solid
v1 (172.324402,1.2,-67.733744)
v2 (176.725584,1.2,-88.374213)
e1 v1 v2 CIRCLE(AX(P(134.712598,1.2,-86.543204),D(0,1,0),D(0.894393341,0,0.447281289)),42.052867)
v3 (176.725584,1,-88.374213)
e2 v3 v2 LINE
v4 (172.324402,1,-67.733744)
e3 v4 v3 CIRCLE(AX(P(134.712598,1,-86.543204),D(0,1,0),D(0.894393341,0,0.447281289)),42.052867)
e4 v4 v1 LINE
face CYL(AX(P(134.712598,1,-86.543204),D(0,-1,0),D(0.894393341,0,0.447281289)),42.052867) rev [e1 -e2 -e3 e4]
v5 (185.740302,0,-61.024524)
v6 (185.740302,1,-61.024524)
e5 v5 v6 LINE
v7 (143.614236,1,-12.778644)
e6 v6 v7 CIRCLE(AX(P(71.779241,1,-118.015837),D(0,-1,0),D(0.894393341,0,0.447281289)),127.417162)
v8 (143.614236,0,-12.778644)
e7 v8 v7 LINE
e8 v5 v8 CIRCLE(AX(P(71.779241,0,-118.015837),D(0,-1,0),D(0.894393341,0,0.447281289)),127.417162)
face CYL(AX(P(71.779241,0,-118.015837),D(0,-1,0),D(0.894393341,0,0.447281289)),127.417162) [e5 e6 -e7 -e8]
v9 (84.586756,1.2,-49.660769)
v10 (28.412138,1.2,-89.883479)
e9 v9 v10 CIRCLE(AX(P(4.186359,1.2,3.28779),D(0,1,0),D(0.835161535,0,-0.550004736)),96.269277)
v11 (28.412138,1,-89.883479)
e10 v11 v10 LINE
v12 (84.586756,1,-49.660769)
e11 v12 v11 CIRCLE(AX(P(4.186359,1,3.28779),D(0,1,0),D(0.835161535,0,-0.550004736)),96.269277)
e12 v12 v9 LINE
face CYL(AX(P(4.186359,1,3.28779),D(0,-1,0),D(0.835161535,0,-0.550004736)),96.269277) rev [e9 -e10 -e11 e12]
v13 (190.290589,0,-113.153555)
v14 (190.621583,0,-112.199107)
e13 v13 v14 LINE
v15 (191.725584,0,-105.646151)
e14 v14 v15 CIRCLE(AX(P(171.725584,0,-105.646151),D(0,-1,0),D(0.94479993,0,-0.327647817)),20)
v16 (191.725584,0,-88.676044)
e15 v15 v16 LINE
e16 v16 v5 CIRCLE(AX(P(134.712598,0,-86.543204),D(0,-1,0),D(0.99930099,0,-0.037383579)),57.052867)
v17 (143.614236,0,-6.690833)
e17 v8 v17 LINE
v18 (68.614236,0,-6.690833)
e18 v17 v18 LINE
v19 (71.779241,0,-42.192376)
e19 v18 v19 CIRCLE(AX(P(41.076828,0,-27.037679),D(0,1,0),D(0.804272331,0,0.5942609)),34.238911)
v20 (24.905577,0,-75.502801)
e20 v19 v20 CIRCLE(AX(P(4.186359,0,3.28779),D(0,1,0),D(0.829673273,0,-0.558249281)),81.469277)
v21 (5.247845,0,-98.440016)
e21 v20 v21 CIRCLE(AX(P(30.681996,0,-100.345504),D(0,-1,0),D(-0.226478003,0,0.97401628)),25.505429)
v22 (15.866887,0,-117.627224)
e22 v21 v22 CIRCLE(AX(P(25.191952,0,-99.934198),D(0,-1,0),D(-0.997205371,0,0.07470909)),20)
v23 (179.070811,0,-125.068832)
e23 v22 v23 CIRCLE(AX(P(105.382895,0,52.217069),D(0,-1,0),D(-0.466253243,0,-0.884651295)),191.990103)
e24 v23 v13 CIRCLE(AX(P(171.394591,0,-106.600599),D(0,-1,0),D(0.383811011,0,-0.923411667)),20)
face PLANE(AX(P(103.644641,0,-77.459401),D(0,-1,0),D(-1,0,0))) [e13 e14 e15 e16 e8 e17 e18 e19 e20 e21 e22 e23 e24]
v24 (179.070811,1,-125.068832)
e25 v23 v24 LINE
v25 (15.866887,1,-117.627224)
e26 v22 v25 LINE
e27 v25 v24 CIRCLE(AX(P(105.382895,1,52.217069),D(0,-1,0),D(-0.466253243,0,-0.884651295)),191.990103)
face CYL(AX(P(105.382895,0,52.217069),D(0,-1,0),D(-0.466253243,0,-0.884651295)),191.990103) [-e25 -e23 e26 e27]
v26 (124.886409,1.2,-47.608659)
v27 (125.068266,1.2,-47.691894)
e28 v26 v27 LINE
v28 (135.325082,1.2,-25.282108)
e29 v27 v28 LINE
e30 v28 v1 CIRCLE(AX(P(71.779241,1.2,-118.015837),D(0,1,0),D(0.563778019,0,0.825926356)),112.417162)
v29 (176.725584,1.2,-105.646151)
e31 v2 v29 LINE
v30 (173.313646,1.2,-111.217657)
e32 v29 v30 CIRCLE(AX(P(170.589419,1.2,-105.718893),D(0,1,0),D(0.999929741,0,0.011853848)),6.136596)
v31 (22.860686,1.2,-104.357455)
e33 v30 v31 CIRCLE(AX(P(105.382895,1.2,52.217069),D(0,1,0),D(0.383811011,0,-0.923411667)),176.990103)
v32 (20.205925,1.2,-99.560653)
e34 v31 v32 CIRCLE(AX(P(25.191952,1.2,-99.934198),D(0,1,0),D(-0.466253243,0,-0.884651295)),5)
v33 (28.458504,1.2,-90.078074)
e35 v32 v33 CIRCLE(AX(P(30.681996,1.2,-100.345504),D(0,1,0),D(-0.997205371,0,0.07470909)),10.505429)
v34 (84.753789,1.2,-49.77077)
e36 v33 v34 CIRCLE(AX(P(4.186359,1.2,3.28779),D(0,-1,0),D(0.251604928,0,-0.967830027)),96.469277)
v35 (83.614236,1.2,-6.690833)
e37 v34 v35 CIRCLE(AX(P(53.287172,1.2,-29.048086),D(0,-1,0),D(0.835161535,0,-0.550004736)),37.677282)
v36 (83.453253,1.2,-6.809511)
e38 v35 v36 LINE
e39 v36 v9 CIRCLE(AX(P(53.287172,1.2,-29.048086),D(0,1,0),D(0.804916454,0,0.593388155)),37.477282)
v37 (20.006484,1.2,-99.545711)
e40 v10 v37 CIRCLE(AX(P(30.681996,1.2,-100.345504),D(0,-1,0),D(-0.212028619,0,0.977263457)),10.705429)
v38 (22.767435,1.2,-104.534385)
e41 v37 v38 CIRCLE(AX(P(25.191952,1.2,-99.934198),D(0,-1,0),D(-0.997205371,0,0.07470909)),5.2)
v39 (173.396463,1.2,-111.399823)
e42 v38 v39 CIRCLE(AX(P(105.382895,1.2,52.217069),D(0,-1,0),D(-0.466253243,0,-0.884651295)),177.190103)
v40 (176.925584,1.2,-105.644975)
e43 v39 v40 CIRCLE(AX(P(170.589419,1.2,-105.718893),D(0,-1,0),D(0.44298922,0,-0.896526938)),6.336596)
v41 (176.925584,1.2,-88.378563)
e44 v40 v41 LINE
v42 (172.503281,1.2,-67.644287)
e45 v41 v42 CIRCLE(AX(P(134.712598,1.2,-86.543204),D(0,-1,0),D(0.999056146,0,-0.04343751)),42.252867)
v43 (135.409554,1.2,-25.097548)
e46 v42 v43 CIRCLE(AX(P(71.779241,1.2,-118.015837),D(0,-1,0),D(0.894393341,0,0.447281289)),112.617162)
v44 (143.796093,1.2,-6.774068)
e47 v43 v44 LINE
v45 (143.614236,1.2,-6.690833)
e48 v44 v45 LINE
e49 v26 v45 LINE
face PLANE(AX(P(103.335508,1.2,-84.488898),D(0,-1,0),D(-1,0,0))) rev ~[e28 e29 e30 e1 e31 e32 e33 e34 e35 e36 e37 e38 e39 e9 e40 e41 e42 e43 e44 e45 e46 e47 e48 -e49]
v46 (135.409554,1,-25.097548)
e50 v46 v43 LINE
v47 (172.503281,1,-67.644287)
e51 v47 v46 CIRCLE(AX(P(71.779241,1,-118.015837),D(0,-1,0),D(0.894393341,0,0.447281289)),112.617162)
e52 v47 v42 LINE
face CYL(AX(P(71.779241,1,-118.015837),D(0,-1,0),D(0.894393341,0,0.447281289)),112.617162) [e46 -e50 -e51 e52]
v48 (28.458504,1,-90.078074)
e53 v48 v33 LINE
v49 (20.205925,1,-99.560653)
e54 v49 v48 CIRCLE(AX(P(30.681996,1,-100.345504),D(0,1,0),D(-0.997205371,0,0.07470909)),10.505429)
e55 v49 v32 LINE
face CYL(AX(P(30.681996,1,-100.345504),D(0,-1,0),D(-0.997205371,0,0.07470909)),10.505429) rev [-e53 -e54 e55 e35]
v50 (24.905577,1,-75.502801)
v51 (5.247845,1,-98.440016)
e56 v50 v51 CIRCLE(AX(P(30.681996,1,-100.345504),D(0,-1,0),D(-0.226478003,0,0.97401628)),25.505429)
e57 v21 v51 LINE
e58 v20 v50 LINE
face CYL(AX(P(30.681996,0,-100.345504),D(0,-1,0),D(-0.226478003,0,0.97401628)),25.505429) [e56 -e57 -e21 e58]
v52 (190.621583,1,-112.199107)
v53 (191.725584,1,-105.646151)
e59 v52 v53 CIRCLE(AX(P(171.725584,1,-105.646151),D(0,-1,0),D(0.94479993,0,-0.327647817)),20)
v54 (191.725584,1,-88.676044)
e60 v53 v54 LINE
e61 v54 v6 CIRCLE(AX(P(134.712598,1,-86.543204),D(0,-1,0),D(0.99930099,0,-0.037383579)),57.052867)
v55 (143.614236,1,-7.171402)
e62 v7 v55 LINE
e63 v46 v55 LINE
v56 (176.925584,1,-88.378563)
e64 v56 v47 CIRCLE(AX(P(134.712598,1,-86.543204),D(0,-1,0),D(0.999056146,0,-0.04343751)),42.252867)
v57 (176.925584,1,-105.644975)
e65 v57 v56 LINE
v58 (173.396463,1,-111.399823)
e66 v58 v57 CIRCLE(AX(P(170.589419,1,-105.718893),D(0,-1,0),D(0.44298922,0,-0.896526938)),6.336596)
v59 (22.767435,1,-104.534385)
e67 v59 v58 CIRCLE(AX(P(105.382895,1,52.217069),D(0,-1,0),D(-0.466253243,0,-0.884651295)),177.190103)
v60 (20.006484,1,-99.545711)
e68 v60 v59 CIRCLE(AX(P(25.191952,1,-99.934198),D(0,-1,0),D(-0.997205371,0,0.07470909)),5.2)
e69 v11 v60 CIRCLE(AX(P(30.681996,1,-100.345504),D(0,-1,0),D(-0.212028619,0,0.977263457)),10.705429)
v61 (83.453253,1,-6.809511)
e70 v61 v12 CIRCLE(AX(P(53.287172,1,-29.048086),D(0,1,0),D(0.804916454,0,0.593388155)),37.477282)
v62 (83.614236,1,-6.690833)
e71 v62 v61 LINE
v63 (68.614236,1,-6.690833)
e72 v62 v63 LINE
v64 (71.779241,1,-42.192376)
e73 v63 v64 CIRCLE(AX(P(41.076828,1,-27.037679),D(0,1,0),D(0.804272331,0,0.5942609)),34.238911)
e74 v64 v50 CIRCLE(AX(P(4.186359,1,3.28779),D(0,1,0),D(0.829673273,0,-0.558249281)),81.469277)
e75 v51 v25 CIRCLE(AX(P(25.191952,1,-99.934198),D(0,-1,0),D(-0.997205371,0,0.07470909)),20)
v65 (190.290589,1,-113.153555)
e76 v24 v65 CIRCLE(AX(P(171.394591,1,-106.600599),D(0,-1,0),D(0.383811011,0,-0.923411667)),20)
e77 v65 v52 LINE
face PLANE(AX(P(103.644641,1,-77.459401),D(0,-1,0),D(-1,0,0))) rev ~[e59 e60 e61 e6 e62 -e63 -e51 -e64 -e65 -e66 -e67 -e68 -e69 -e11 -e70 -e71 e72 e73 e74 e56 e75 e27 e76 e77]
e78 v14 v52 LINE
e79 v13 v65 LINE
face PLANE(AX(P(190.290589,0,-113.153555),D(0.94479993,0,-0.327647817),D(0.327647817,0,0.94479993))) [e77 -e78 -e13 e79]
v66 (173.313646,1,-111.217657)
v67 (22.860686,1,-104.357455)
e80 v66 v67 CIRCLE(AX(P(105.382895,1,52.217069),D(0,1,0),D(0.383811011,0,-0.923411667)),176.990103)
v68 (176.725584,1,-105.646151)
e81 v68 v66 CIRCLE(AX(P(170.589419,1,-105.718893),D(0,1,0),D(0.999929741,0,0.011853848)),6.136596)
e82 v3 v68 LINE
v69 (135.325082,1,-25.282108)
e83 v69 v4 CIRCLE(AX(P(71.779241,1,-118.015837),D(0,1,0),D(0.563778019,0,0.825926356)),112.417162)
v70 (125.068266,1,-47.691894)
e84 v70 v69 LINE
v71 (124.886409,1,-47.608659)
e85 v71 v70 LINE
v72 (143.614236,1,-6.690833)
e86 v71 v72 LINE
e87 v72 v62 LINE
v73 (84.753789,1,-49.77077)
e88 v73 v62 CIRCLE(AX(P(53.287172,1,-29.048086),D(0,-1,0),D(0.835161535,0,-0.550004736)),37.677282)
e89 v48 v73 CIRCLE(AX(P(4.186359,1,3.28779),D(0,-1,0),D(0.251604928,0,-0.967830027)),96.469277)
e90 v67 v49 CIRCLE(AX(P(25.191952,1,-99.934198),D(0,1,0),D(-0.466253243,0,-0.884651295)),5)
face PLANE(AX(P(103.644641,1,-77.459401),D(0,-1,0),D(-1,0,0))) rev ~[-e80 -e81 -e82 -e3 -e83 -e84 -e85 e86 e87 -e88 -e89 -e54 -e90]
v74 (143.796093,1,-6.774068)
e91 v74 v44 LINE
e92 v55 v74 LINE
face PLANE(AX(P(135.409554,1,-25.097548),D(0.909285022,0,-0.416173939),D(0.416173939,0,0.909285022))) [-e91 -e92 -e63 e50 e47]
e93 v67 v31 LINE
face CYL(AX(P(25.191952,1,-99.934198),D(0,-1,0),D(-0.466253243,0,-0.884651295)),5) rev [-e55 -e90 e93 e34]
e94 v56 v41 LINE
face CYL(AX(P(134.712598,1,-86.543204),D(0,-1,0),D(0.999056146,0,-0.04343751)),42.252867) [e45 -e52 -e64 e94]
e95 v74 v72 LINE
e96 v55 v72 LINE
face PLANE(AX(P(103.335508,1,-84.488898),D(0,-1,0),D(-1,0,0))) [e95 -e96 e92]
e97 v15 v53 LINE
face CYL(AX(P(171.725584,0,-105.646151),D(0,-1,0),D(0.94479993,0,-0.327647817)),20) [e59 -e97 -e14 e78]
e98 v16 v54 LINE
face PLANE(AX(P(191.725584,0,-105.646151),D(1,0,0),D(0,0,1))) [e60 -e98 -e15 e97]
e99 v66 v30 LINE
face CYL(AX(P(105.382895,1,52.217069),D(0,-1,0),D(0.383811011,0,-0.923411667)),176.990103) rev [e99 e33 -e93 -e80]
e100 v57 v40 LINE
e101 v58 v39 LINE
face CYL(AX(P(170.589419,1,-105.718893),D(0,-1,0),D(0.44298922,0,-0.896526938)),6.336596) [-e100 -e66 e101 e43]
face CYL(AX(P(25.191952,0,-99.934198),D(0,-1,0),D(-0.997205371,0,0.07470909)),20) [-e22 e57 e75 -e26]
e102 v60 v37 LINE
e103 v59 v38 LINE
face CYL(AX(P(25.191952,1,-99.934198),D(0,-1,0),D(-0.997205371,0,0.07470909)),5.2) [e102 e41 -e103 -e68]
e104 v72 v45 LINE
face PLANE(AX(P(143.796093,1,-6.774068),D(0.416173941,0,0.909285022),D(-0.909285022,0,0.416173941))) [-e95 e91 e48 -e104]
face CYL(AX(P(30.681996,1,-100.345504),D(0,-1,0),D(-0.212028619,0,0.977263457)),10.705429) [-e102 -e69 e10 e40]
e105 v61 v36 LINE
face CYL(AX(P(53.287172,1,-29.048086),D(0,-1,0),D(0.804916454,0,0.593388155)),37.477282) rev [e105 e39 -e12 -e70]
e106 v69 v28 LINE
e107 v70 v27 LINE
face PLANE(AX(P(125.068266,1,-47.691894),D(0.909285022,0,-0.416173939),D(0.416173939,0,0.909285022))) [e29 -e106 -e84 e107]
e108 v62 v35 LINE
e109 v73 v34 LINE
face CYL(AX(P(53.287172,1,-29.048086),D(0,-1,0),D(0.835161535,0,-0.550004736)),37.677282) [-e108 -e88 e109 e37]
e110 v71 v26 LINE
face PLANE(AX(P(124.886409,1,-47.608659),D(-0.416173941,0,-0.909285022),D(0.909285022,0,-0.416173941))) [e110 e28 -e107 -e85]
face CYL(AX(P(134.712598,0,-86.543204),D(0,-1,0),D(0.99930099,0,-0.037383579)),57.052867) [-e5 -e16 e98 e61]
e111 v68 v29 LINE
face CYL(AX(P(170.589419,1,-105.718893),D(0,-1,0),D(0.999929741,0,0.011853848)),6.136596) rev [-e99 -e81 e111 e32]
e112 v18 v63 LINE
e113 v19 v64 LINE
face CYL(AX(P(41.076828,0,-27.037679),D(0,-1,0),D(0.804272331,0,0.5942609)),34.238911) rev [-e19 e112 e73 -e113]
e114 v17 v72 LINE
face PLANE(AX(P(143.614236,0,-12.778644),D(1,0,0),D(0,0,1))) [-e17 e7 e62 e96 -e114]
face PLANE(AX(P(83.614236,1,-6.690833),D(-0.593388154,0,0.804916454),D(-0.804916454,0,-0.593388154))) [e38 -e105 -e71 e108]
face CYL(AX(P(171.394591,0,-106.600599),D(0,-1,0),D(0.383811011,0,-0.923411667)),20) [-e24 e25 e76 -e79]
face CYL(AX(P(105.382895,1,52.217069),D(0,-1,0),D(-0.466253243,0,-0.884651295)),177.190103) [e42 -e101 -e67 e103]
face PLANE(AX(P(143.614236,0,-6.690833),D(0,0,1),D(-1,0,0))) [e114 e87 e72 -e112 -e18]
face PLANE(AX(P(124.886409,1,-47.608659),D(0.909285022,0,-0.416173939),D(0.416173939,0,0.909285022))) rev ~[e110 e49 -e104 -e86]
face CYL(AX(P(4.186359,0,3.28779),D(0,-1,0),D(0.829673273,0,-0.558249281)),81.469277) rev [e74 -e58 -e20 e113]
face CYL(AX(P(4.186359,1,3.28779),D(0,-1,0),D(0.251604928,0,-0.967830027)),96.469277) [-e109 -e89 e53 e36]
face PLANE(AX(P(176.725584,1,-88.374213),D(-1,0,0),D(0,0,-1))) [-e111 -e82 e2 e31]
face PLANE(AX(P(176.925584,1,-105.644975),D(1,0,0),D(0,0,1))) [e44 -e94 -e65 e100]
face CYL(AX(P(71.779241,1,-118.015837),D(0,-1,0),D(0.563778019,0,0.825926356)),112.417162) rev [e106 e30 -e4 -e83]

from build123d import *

# Parameters (mm, degrees)
BOSS_EXTRUDE1_DEPTH = 1
EXTRUDE_THIN1_START = 1
EXTRUDE_THIN1_DEPTH = 0.2


with BuildPart() as part:
    # Sketch3 → Boss-Extrude1 (new body)
    with BuildSketch(Plane(origin=(0, 0, 0), x_dir=(1, 0, 0), z_dir=(0, 1, 0))):
        with BuildLine():
            Line((143.614236161, 12.778644367), (143.614236161, 6.690833444))
            Line((143.614236161, 6.690833444), (83.614236161, 6.690833444))
            Line((83.614236161, 6.690833444), (68.614236161, 6.690833444))
            ThreePointArc((68.614236161, 6.690833444), (75.180479735, 23.997298156), (71.779240838, 42.192375773))
            ThreePointArc((71.779240838, 42.192375773), (51.379079295, 63.12072091), (24.905577059, 75.502800726))
            ThreePointArc((24.905577059, 75.502800726), (11.315687886, 83.748123559), (5.247844857, 98.440016471))
            ThreePointArc((5.247844857, 98.440016471), (7.693142423, 109.618807389), (15.866887418, 117.62722417))
            ThreePointArc((15.866887418, 117.62722417), (96.637810578, 139.573762678), (179.070811064, 125.068832083))
            ThreePointArc((179.070811064, 125.068832083), (185.95529686, 120.311391566), (190.290589438, 113.153555076))
            Line((190.290589438, 113.153555076), (190.62158299, 112.199107439))
            ThreePointArc((190.62158299, 112.199107439), (191.44765289, 108.968802746), (191.725584387, 105.646151098))
            Line((191.725584387, 105.646151098), (191.725584387, 88.676044486))
            ThreePointArc((191.725584387, 88.676044486), (190.474138078, 74.473395816), (185.740302271, 61.024524277))
            ThreePointArc((185.740302271, 61.024524277), (167.758196388, 34.211461518), (143.614236161, 12.778644367))
        make_face()
    extrude(amount=BOSS_EXTRUDE1_DEPTH)

    # Sketch6 → Extrude-Thin1 (add)
    with BuildSketch(Plane(origin=(0, 0, 0), x_dir=(1, 0, 0), z_dir=(0, 1, 0)).offset(EXTRUDE_THIN1_START)):
        with BuildLine():
            ThreePointArc((135.157565874, 25.167539704), (156.459213519, 44.077209645), (172.324402154, 67.73374361))
            ThreePointArc((172.324402154, 67.73374361), (175.840861474, 77.773394532), (176.725584387, 88.374212526))
            Line((176.725584387, 88.374212526), (176.725584387, 105.646151098))
            ThreePointArc((176.725584387, 105.646151098), (175.822683582, 108.923695738), (173.313645893, 111.217657072))
            ThreePointArc((173.313645893, 111.217657072), (97.321055557, 124.589331548), (22.860686061, 104.357454747))
            ThreePointArc((22.860686061, 104.357454747), (20.817249813, 102.355350552), (20.205925421, 99.560652822))
            ThreePointArc((20.205925421, 99.560652822), (22.75737939, 93.448802044), (28.458504402, 90.078073505))
            ThreePointArc((28.458504402, 90.078073505), (60.346877221, 75.148921347), (84.753788625, 49.770769703))
            ThreePointArc((84.753788625, 49.770769703), (90.951279239, 28.051793518), (83.614236161, 6.690833444))
            Line((83.614236161, 6.690833444), (83.45325287, 6.809511075))
            ThreePointArc((83.45325287, 6.809511075), (90.751349173, 28.057082078), (84.586756318, 49.660768756))
            ThreePointArc((84.586756318, 49.660768756), (60.232106569, 74.985116949), (28.412138365, 89.883479249))
            ThreePointArc((28.412138365, 89.883479249), (22.605157011, 93.319061801), (20.006484347, 99.545711004))
            ThreePointArc((20.006484347, 99.545711004), (20.642261714, 102.452196643), (22.767435413, 104.534385006))
            ThreePointArc((22.767435413, 104.534385006), (97.315220897, 124.789273275), (173.396463183, 111.39982251))
            ThreePointArc((173.396463183, 111.39982251), (175.99119074, 109.031493114), (176.925584387, 105.644975177))
            Line((176.925584387, 105.644975177), (176.925584387, 88.378563485))
            ThreePointArc((176.925584387, 88.378563485), (176.036009323, 77.729553344), (172.503280822, 67.644287353))
            ThreePointArc((172.503280822, 67.644287353), (156.609866623, 43.945666337), (135.270321477, 25.002354432))
            Line((135.270321477, 25.002354432), (135.157565874, 25.167539704))
        make_face()
        Polygon((143.614236161, 6.690833444), (124.886408885, 47.608659456), (125.068265889, 47.691894244), (143.796093165, 6.774068232), align=None)
    extrude(amount=EXTRUDE_THIN1_DEPTH)


solid = part.part
